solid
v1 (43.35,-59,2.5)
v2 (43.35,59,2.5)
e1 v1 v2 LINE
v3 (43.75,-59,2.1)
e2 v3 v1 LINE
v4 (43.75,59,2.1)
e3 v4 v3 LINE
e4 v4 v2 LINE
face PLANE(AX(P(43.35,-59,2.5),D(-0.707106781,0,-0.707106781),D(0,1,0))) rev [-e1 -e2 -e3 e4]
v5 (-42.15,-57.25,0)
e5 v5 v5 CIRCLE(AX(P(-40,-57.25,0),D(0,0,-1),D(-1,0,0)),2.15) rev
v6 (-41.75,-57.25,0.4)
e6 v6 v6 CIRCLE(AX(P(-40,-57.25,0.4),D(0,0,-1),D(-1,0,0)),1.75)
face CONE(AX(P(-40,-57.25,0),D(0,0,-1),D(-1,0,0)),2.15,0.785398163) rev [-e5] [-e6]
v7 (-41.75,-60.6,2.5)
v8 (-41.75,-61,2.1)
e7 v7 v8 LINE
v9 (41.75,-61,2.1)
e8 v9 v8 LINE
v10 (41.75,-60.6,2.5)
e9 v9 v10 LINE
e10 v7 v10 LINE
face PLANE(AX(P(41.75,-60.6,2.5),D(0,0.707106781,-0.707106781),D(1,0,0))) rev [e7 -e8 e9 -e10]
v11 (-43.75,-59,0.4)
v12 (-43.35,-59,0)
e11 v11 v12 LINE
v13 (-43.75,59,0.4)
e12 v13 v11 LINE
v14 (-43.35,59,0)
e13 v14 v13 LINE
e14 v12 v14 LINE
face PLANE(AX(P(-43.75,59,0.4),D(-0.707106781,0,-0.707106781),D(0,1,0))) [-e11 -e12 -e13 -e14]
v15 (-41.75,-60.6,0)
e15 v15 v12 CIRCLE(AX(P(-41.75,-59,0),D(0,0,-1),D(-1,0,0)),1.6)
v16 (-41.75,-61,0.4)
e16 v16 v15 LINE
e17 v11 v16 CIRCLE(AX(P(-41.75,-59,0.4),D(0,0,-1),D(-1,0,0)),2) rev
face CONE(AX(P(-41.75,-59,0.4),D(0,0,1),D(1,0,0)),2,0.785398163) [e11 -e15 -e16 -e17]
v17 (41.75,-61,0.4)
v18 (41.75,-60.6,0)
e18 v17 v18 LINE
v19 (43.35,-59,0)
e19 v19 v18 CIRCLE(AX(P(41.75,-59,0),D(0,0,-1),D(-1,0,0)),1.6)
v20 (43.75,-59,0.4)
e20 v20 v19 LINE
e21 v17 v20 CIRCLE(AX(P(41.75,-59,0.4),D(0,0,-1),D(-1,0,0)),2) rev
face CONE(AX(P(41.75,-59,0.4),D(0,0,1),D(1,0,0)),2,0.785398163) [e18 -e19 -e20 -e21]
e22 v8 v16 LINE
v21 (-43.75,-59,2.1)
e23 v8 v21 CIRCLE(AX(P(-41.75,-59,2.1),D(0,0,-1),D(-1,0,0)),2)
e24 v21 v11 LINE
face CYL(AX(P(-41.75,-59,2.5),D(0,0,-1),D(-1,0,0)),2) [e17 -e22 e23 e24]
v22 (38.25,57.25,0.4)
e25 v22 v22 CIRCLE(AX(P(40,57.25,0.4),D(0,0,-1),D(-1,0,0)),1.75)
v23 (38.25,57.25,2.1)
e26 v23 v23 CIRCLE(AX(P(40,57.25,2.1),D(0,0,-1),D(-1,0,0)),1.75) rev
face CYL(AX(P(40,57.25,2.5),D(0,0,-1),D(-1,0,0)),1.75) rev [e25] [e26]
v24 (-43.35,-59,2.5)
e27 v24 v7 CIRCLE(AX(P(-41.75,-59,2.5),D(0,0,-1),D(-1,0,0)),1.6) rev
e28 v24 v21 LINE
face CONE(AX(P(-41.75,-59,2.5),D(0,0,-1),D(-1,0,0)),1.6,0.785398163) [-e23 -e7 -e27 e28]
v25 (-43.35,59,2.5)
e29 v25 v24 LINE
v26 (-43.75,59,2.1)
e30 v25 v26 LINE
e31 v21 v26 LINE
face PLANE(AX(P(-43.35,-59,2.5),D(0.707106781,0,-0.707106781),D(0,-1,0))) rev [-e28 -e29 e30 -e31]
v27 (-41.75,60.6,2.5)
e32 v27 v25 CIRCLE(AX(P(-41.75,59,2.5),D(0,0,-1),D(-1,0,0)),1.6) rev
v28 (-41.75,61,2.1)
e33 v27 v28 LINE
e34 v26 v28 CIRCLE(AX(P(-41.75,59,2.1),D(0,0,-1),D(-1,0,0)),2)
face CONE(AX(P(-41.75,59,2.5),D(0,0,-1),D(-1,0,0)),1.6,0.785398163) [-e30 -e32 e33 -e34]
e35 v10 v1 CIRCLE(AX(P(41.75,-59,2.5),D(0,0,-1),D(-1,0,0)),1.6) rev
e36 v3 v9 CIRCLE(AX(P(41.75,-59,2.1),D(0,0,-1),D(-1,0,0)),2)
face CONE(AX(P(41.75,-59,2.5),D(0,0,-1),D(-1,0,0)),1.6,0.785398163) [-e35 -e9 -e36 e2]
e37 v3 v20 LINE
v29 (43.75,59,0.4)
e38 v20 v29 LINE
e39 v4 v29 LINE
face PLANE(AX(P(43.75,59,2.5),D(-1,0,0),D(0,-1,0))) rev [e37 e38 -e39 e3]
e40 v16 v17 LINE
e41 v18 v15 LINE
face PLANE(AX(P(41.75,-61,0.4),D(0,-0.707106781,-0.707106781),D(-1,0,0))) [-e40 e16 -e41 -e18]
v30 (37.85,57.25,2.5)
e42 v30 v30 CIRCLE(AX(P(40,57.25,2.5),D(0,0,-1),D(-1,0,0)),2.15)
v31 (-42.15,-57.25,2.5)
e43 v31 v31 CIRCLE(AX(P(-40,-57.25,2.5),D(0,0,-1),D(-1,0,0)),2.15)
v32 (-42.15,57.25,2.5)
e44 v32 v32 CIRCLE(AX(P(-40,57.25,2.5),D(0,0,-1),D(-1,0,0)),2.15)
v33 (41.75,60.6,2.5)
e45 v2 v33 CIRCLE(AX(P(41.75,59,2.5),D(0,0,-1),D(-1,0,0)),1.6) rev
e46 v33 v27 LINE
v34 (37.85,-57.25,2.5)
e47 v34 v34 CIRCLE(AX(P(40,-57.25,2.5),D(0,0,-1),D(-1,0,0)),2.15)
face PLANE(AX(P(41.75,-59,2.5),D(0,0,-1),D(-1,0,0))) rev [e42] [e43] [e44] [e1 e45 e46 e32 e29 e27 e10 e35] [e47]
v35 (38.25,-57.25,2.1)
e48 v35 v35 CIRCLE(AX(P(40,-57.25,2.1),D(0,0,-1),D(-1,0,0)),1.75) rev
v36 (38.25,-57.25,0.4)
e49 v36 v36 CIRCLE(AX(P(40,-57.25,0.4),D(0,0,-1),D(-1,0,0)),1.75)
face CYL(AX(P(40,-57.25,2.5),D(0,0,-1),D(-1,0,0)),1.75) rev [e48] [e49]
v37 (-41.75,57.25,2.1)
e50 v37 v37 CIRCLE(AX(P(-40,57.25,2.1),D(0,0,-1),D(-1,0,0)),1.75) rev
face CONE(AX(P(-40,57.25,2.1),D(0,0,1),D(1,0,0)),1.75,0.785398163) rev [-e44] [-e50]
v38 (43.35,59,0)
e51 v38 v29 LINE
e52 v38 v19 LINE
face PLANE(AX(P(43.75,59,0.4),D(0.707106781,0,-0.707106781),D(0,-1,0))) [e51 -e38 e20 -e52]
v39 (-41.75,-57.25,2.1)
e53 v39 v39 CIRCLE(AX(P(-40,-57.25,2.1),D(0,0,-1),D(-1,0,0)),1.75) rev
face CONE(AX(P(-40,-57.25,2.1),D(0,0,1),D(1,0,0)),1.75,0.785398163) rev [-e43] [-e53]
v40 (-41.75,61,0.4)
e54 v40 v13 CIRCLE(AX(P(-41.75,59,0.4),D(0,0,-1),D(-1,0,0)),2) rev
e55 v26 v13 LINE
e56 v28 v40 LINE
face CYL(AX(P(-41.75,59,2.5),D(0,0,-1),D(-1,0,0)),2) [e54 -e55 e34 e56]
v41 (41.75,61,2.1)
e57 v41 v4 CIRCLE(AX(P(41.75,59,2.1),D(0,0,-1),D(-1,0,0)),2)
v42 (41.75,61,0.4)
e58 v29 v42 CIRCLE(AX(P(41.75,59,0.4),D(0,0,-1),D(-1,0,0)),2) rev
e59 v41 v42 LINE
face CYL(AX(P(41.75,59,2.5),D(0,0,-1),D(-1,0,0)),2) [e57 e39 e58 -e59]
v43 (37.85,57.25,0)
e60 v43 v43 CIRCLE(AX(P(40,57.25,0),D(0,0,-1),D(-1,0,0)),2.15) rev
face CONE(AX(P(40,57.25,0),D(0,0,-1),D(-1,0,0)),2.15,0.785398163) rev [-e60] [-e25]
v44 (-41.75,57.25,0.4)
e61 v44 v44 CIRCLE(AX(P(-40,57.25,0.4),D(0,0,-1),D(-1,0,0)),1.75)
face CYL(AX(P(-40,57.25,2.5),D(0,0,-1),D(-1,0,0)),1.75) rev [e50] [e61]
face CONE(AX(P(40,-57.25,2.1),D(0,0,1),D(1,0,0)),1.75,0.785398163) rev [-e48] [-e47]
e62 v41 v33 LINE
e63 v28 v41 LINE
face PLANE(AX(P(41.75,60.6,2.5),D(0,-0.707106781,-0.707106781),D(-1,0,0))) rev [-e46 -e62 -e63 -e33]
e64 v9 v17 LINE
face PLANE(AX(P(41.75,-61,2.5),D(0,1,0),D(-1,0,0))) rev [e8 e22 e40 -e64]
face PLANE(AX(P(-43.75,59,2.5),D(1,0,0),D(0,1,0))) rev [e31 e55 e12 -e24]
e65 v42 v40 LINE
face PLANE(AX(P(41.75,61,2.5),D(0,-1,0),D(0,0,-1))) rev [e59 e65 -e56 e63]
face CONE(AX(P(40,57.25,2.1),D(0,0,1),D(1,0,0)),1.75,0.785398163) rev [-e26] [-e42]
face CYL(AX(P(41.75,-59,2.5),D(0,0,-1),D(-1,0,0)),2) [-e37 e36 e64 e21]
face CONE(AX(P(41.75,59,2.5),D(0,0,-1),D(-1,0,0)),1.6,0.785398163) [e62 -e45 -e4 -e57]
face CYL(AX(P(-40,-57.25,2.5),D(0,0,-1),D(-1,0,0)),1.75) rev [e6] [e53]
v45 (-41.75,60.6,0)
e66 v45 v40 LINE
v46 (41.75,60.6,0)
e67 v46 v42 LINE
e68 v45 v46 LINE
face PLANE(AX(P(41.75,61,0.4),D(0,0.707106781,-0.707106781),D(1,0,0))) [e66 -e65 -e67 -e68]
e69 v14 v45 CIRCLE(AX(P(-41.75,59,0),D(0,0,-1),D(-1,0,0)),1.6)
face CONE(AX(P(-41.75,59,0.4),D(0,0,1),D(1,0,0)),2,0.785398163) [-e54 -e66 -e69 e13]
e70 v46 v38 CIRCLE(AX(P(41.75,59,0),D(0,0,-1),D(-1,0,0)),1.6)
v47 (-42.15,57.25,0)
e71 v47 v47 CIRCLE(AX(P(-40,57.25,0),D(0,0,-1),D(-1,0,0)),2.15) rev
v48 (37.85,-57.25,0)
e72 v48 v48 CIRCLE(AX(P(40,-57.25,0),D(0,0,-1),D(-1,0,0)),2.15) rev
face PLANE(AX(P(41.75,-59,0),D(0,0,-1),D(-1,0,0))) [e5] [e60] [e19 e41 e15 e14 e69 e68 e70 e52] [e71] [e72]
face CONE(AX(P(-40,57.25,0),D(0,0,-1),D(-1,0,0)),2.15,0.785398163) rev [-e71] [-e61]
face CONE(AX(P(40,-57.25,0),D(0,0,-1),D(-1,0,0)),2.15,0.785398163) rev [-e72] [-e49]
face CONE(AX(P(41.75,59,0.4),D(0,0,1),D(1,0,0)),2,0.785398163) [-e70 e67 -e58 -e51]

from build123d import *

# Parameters (mm, degrees)
SKIZZE1_R                       = 1.75
AUFSATZ_LINEAR_AUSTRAGEN1_DEPTH = 2.5
FASE1_SIZE                      = 0.4


with BuildPart() as part:
    # Skizze1 → Aufsatz-Linear austragen1 (new body)
    with BuildSketch(Plane(origin=(0, 0, 0), x_dir=(0, 1, 0), z_dir=(0, 0, 1))):
        with BuildLine():
            Line((59, -43.75), (-59, -43.75))
            ThreePointArc((-59, -43.75), (-60.414213562, -43.164213562), (-61, -41.75))
            Line((-61, -41.75), (-61, 41.75))
            ThreePointArc((-61, 41.75), (-60.414213562, 43.164213562), (-59, 43.75))
            Line((-59, 43.75), (59, 43.75))
            ThreePointArc((59, 43.75), (60.414213562, 43.164213562), (61, 41.75))
            Line((61, 41.75), (61, -41.75))
            ThreePointArc((61, -41.75), (60.414213562, -43.164213562), (59, -43.75))
        make_face()
        with Locations(Location((-57.25, 40, 0), (0, 0, 270))):
            Circle(SKIZZE1_R, mode=Mode.SUBTRACT)
        with Locations(Location((57.25, 40, 0), (0, 0, 90))):
            Circle(SKIZZE1_R, mode=Mode.SUBTRACT)
        with Locations(Location((57.25, -40, 0), (0, 0, 270))):
            Circle(SKIZZE1_R, mode=Mode.SUBTRACT)
        with Locations(Location((-57.25, -40, 0), (0, 0, 90))):
            Circle(SKIZZE1_R, mode=Mode.SUBTRACT)
    extrude(amount=AUFSATZ_LINEAR_AUSTRAGEN1_DEPTH)

    # Fase1
    fase1_edges = [part.edges().sort_by_distance(p)[0] for p in [
        (0, 61, 0),
        (43.164213562, 60.414213562, 0),
        (43.75, 0, 0),
        (43.164213562, -60.414213562, 0),
        (43.164213562, 60.414213562, 2.5),
        (0, 61, 2.5),
        (-43.164213562, 60.414213562, 2.5),
        (-38.25, 57.25, 0),
        (-38.25, 57.25, 2.5),
        (-43.75, 0, 2.5),
        (-41.75, -57.25, 0),
        (-41.75, -57.25, 2.5),
        (-43.164213562, -60.414213562, 2.5),
        (38.25, 57.25, 0),
        (38.25, 57.25, 2.5),
        (0, -61, 2.5),
        (41.75, -57.25, 0),
        (41.75, -57.25, 2.5),
        (43.164213562, -60.414213562, 2.5),
        (0, -61, 0),
        (43.75, 0, 2.5),
        (-43.164213562, -60.414213562, 0),
        (-43.75, 0, 0),
        (-43.164213562, 60.414213562, 0),
    ]]
    chamfer(fase1_edges, length=FASE1_SIZE)


solid = part.part
